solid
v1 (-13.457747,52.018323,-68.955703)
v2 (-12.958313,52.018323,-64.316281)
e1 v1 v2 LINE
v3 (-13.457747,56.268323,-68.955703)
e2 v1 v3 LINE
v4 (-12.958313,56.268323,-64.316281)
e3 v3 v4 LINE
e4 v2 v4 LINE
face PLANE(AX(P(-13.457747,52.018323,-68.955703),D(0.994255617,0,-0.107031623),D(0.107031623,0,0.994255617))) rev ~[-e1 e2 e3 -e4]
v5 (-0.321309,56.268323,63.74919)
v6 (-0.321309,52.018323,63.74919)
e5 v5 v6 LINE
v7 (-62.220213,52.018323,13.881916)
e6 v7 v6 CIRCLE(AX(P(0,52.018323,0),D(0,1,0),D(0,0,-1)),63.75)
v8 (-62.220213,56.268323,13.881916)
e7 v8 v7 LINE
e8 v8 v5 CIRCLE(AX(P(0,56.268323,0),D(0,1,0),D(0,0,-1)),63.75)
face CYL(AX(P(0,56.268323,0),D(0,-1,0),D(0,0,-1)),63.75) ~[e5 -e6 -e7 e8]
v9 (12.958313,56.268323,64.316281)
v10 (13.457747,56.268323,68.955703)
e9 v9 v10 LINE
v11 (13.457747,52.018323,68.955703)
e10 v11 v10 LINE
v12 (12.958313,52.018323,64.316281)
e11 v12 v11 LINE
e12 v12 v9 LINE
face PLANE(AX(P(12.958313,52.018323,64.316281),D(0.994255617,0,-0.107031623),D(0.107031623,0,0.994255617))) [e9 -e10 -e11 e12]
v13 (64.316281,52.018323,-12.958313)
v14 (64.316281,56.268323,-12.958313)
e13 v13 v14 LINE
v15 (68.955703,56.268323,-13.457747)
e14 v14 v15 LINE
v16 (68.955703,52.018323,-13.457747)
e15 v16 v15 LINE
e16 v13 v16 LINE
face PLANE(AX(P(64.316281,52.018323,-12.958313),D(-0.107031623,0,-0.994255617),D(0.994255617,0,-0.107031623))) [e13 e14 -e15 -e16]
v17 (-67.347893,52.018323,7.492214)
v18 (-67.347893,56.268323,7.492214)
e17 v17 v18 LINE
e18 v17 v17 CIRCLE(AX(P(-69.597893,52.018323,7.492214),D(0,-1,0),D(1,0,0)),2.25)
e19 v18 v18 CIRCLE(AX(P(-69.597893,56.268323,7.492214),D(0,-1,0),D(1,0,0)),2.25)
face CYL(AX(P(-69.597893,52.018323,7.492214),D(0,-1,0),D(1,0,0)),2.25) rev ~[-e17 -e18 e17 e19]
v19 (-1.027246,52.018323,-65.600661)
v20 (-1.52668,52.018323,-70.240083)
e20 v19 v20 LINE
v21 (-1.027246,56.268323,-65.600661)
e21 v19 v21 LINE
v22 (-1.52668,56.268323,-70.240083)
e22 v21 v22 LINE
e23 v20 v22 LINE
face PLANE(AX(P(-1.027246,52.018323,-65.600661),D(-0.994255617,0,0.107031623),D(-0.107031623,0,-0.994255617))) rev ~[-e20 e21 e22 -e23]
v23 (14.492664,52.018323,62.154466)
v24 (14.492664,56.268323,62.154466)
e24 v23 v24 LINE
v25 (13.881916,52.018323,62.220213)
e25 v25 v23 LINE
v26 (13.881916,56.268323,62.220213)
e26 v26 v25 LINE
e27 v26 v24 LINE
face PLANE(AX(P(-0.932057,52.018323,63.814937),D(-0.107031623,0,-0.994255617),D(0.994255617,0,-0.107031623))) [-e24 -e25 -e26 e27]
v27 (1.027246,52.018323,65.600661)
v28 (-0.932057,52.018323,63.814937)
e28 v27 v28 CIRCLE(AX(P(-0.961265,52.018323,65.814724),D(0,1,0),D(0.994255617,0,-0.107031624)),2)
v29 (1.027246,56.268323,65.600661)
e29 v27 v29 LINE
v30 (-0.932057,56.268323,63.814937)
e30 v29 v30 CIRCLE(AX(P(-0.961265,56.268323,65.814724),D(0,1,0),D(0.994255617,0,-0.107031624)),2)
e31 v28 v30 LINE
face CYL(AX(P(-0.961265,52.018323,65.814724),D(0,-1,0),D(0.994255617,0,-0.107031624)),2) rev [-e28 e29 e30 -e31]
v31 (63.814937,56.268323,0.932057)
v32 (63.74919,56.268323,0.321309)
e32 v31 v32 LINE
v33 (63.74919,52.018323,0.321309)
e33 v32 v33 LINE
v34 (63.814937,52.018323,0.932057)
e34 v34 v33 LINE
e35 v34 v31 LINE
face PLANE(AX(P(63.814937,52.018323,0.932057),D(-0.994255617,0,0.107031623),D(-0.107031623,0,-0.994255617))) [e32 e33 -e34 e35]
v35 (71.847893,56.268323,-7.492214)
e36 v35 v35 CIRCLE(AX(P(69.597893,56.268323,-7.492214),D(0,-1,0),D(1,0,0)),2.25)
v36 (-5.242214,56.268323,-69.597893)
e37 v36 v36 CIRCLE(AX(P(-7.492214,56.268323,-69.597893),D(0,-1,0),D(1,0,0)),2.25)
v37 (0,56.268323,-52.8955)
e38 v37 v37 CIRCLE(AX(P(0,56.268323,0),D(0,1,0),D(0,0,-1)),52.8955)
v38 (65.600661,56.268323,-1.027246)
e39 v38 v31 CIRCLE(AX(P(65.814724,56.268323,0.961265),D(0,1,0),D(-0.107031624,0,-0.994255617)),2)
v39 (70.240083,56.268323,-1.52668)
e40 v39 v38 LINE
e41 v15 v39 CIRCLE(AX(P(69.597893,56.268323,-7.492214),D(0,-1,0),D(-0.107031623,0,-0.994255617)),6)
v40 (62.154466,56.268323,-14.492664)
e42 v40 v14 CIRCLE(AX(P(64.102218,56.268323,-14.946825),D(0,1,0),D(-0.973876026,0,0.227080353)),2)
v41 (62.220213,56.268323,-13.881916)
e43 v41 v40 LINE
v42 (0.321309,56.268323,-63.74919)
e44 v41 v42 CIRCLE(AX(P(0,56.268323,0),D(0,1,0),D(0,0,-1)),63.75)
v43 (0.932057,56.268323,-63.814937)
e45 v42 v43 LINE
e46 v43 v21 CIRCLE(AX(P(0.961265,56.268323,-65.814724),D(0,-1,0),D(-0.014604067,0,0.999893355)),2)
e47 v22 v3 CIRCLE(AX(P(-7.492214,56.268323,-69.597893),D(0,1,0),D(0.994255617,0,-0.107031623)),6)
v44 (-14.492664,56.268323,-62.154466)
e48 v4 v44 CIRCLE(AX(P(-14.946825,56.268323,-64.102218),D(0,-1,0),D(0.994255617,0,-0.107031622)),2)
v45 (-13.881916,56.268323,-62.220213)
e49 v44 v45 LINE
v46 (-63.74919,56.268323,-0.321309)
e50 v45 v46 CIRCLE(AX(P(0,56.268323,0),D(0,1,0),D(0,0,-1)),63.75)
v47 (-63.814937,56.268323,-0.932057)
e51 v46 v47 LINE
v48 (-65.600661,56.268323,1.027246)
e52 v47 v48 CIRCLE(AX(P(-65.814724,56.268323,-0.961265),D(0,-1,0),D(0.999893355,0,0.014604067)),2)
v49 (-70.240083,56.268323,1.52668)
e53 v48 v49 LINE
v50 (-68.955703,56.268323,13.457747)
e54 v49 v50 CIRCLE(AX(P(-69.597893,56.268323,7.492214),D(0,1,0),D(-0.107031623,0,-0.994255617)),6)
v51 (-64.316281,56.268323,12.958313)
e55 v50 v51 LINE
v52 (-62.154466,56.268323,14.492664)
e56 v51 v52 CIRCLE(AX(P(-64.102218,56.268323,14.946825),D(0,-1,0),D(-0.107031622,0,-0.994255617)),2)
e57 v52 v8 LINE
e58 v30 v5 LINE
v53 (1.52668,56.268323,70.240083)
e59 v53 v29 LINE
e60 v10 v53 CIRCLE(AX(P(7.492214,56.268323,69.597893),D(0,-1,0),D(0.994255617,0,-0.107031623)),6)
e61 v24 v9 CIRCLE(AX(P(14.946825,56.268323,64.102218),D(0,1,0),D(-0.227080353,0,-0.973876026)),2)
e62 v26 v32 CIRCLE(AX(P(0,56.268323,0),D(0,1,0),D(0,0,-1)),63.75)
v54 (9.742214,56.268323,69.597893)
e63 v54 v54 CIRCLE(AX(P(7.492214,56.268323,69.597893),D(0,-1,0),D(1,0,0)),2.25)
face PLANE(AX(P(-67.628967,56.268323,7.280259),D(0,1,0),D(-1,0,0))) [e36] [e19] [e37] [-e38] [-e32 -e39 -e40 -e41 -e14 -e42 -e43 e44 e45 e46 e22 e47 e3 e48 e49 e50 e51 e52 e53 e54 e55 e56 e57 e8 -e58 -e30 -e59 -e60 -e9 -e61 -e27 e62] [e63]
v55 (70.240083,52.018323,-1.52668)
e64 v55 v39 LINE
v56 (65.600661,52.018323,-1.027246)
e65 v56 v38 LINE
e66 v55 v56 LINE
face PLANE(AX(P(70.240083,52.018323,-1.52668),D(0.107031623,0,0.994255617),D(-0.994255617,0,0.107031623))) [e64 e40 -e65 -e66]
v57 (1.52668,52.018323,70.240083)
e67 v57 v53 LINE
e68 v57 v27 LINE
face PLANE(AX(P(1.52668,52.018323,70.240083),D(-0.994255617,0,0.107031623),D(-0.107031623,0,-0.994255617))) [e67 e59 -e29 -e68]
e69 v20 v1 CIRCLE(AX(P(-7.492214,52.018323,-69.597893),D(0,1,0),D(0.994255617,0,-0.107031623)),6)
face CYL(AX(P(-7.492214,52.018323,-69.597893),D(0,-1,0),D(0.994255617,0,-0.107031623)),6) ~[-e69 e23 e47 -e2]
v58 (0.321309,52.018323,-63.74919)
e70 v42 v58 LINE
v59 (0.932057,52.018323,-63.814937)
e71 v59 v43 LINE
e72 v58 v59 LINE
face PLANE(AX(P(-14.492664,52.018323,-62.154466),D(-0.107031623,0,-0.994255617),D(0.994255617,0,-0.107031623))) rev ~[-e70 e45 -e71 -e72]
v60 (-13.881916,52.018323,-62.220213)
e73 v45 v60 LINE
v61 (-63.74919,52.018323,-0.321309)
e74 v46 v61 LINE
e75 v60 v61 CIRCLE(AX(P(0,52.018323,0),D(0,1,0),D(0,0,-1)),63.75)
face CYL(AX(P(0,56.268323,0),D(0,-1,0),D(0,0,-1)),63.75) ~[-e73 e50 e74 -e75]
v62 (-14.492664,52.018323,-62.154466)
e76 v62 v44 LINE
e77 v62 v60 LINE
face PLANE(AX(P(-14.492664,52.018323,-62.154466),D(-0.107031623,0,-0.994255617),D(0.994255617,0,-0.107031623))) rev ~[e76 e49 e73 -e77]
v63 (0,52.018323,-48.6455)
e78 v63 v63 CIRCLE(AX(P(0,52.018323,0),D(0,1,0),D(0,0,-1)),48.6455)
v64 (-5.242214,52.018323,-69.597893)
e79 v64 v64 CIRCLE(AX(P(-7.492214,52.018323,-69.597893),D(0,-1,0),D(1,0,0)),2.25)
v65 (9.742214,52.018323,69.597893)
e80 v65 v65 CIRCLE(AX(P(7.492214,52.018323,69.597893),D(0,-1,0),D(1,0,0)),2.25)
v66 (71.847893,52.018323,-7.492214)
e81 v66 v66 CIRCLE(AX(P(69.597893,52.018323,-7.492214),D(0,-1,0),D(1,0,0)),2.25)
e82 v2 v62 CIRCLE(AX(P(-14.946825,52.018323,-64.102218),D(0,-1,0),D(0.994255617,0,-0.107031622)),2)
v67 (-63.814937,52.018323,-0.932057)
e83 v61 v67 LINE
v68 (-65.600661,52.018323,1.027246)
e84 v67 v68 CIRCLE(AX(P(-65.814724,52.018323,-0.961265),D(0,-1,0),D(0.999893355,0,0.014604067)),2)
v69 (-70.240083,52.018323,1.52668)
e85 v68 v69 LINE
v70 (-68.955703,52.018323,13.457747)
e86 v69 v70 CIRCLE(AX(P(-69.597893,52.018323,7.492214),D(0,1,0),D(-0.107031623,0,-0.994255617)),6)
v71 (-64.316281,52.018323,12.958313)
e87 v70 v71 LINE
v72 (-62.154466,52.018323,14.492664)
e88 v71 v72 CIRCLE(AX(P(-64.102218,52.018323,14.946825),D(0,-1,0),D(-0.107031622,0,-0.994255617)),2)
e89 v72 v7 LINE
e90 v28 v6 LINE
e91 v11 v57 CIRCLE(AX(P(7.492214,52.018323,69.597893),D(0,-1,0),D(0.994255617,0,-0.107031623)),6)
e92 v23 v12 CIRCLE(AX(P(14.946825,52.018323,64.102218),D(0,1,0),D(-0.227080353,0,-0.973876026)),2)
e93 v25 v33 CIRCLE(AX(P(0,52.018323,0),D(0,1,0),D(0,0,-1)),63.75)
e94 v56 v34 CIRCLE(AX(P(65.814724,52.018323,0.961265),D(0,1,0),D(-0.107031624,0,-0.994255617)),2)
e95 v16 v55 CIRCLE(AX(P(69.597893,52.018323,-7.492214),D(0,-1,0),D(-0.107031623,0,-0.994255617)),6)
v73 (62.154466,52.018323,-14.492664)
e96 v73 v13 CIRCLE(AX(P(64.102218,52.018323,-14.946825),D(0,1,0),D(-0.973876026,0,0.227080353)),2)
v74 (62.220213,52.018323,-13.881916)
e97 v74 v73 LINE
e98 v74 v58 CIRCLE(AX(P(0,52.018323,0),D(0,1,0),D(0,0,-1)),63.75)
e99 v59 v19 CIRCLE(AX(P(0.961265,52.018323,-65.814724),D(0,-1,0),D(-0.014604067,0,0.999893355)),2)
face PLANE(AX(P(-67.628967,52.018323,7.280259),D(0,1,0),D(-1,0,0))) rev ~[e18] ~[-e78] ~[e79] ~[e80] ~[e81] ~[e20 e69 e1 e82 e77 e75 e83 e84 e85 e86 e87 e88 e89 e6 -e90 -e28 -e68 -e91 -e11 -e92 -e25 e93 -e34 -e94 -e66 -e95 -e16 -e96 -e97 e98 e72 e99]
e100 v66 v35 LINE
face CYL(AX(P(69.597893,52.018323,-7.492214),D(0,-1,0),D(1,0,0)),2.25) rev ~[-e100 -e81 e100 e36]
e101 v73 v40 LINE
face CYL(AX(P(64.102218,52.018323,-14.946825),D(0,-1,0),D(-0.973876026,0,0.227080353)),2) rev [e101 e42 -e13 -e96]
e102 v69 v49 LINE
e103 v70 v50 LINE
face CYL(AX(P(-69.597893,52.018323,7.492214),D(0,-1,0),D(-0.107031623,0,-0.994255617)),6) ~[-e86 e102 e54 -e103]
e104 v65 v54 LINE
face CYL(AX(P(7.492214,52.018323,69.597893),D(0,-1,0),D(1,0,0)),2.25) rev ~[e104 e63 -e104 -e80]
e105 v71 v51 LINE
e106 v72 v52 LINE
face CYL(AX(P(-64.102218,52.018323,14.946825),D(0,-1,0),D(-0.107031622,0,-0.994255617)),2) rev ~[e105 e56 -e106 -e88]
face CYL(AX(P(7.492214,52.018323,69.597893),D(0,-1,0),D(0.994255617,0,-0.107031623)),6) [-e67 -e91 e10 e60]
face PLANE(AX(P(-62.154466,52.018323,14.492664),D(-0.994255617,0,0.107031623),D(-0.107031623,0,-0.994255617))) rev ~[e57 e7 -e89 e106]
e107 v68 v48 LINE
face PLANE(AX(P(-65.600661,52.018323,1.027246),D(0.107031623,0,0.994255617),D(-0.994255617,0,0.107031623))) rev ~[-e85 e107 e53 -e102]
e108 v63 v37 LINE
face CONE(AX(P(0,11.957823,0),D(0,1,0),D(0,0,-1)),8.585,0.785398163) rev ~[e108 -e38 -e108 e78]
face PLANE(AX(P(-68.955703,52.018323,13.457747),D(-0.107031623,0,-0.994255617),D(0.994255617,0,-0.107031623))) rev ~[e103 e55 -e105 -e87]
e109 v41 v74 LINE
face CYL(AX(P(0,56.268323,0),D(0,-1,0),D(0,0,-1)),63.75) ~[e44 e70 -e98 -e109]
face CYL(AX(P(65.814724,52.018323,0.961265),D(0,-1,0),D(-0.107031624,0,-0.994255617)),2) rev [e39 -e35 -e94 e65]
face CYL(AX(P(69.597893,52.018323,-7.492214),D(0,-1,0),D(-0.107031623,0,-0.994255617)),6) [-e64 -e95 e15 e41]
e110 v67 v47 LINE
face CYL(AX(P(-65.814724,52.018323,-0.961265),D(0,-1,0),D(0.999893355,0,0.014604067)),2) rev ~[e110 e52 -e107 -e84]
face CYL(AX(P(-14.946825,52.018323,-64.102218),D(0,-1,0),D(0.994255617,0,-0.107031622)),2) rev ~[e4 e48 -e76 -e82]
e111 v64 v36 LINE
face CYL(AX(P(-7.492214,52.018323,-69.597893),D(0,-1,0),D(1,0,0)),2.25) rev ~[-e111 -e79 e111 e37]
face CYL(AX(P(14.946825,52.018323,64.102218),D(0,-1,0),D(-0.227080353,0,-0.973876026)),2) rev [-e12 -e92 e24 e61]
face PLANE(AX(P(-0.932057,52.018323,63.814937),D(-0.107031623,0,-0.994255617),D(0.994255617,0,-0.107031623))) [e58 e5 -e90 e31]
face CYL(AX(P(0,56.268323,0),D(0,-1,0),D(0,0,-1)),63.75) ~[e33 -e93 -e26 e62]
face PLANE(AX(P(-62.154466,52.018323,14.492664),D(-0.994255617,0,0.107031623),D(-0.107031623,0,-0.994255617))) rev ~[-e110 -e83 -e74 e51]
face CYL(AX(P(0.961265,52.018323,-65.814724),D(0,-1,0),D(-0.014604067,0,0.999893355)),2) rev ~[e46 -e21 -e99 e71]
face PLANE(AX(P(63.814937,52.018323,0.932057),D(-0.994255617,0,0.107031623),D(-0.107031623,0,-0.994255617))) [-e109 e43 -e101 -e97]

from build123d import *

# Parameters (mm, degrees)
FILLET1_R           = 2
FILLET2_R           = 6
SCALE1_SCALE        = 0.85
SKETCH4_R           = 10.6
CUT_EXTRUDE2_DEPTH  = 51.23590774
SKETCH9_R           = 2.25
BOSS_EXTRUDE1_DEPTH = 4.25
FILLET4_R           = 3
CUT_EXTRUDE3_DEPTH  = 46.98590774


with BuildPart() as part:
    # Sketch2 → Revolve1 (revolve)
    with BuildSketch(Plane(origin=(0, 0, 0), x_dir=(0, 0, -1), z_dir=(1, 0, 0))):
        Polygon((10.1, 0), (10.1, 6.971067812), (62.23, 59.101067812), (75, 59.101067812), (75, 54.101067812), (64.301067812, 54.101067812), (15.1, 4.9), (20, 0), align=None)
    revolve(axis=Axis((0, 0, 0), (0, 1, 0)))

    # Fillet1
    fillet1_edges = [part.edges().sort_by_distance(p)[0] for p in [
        (0, 4.9, 15.1),
    ]]
    fillet(fillet1_edges, radius=FILLET1_R)

    # Fillet2
    fillet2_edges = [part.edges().sort_by_distance(p)[0] for p in [
        (0, 6.971067812, 10.1),
    ]]
    fillet(fillet2_edges, radius=FILLET2_R)


with BuildPart() as part_1:
    # Scale1: scaled about (0, 40.216103787, 0)
    add(part.part.scale(SCALE1_SCALE).moved(Location((0, 6.032415568, 0))))

    # Sketch4 → Cut-Extrude2 (cut, through all)
    with BuildSketch(Plane.XZ.offset(-6.032415568)):
        Circle(SKETCH4_R)
    extrude(amount=-CUT_EXTRUDE2_DEPTH, mode=Mode.SUBTRACT)

    # Sketch9 → Boss-Extrude1 (add)
    with BuildSketch(Plane.XZ.offset(-52.018323208)):
        with BuildLine():
            Line((-62.154465971, 14.492663996), (-63.814937276, -0.932057036))
            ThreePointArc((-63.814937276, -0.932057036), (-64.336549414, 0.385954164), (-65.60066074, 1.027246064))
            Line((-65.60066074, 1.027246064), (-70.240082919, 1.526679887))
            ThreePointArc((-70.240082919, 1.526679887), (-75.563426885, 8.134403325), (-68.955703447, 13.45774729))
            Line((-68.955703447, 13.45774729), (-64.316281268, 12.958313466))
            ThreePointArc((-64.316281268, 12.958313466), (-62.944644221, 13.315867039), (-62.154465971, 14.492663996))
        make_face()
        with Locations((-69.597893183, 7.492213588)):
            Circle(SKETCH9_R, mode=Mode.SUBTRACT)
        with BuildLine():
            Line((-0.932057036, 63.814937276), (14.492663996, 62.154465971))
            ThreePointArc((14.492663996, 62.154465971), (13.315867039, 62.944644221), (12.958313466, 64.316281268))
            Line((12.958313466, 64.316281268), (13.45774729, 68.955703447))
            ThreePointArc((13.45774729, 68.955703447), (8.134403325, 75.563426885), (1.526679887, 70.240082919))
            Line((1.526679887, 70.240082919), (1.027246064, 65.60066074))
            ThreePointArc((1.027246064, 65.60066074), (0.385954164, 64.336549414), (-0.932057036, 63.814937276))
        make_face()
        with Locations((7.492213588, 69.597893183)):
            Circle(SKETCH9_R, mode=Mode.SUBTRACT)
        with BuildLine():
            Line((63.814937276, 0.932057036), (62.154465971, -14.492663996))
            ThreePointArc((62.154465971, -14.492663996), (62.944644221, -13.315867039), (64.316281268, -12.958313466))
            Line((64.316281268, -12.958313466), (68.955703447, -13.45774729))
            ThreePointArc((68.955703447, -13.45774729), (75.563426885, -8.134403325), (70.240082919, -1.526679887))
            Line((70.240082919, -1.526679887), (65.60066074, -1.027246064))
            ThreePointArc((65.60066074, -1.027246064), (64.336549414, -0.385954164), (63.814937276, 0.932057036))
        make_face()
        with Locations((69.597893183, -7.492213588)):
            Circle(SKETCH9_R, mode=Mode.SUBTRACT)
        with BuildLine():
            Line((-14.492663996, -62.154465971), (0.932057036, -63.814937276))
            ThreePointArc((0.932057036, -63.814937276), (-0.385954164, -64.336549414), (-1.027246064, -65.60066074))
            Line((-1.027246064, -65.60066074), (-1.526679887, -70.240082919))
            ThreePointArc((-1.526679887, -70.240082919), (-8.134403325, -75.563426885), (-13.45774729, -68.955703447))
            Line((-13.45774729, -68.955703447), (-12.958313466, -64.316281268))
            ThreePointArc((-12.958313466, -64.316281268), (-13.315867039, -62.944644221), (-14.492663996, -62.154465971))
        make_face()
        with Locations((-7.492213588, -69.597893183)):
            Circle(SKETCH9_R, mode=Mode.SUBTRACT)
    extrude(amount=-BOSS_EXTRUDE1_DEPTH)

    # Fillet4
    fillet4_edges = [part_1.edges().sort_by_distance(p)[0] for p in [
        (-7.495331881, 13.972823208, 7.495331881),
        (0, 52.018323208, 54.65590764),
    ]]
    fillet(fillet4_edges, radius=FILLET4_R)

    # Sketch11 → Cut-Extrude3 (cut, through all)
    with BuildSketch(Plane.XZ.offset(-52.018323208)):
        with BuildLine():
            Line((-62.220212975, 13.8819162), (-62.154465971, 14.492663996))
            ThreePointArc((-62.154465971, 14.492663996), (-62.944644221, 13.315867039), (-64.316281268, 12.958313466))
            Line((-64.316281268, 12.958313466), (-68.955703447, 13.45774729))
            ThreePointArc((-68.955703447, 13.45774729), (-75.563426885, 8.134403325), (-70.240082919, 1.526679887))
            Line((-70.240082919, 1.526679887), (-65.60066074, 1.027246064))
            ThreePointArc((-65.60066074, 1.027246064), (-64.336549414, 0.385954164), (-63.814937276, -0.932057036))
            Line((-63.814937276, -0.932057036), (-63.749190272, -0.321309239))
            ThreePointArc((-63.749190272, -0.321309239), (-49.643889291, -39.99433405), (-13.8819162, -62.220212975))
            Line((-13.8819162, -62.220212975), (-14.492663996, -62.154465971))
            ThreePointArc((-14.492663996, -62.154465971), (-13.315867039, -62.944644221), (-12.958313466, -64.316281268))
            Line((-12.958313466, -64.316281268), (-13.45774729, -68.955703447))
            ThreePointArc((-13.45774729, -68.955703447), (-8.134403325, -75.563426885), (-1.526679887, -70.240082919))
            Line((-1.526679887, -70.240082919), (-1.027246064, -65.60066074))
            ThreePointArc((-1.027246064, -65.60066074), (-0.385954164, -64.336549414), (0.932057036, -63.814937276))
            Line((0.932057036, -63.814937276), (0.321309239, -63.749190272))
            ThreePointArc((0.321309239, -63.749190272), (39.99433405, -49.643889291), (62.220212975, -13.8819162))
            Line((62.220212975, -13.8819162), (62.154465971, -14.492663996))
            ThreePointArc((62.154465971, -14.492663996), (62.944644221, -13.315867039), (64.316281268, -12.958313466))
            Line((64.316281268, -12.958313466), (68.955703447, -13.45774729))
            ThreePointArc((68.955703447, -13.45774729), (75.563426885, -8.134403325), (70.240082919, -1.526679887))
            Line((70.240082919, -1.526679887), (65.60066074, -1.027246064))
            ThreePointArc((65.60066074, -1.027246064), (64.336549414, -0.385954164), (63.814937276, 0.932057036))
            Line((63.814937276, 0.932057036), (63.749190272, 0.321309239))
            ThreePointArc((63.749190272, 0.321309239), (49.643889291, 39.99433405), (13.8819162, 62.220212975))
            Line((13.8819162, 62.220212975), (14.492663996, 62.154465971))
            ThreePointArc((14.492663996, 62.154465971), (13.315867039, 62.944644221), (12.958313466, 64.316281268))
            Line((12.958313466, 64.316281268), (13.45774729, 68.955703447))
            ThreePointArc((13.45774729, 68.955703447), (8.134403325, 75.563426885), (1.526679887, 70.240082919))
            Line((1.526679887, 70.240082919), (1.027246064, 65.60066074))
            ThreePointArc((1.027246064, 65.60066074), (0.385954164, 64.336549414), (-0.932057036, 63.814937276))
            Line((-0.932057036, 63.814937276), (-0.321309239, 63.749190272))
            ThreePointArc((-0.321309239, 63.749190272), (-39.99433405, 49.643889291), (-62.220212975, 13.8819162))
        make_face()
    extrude(amount=CUT_EXTRUDE3_DEPTH, mode=Mode.SUBTRACT)


solid = part_1.part
